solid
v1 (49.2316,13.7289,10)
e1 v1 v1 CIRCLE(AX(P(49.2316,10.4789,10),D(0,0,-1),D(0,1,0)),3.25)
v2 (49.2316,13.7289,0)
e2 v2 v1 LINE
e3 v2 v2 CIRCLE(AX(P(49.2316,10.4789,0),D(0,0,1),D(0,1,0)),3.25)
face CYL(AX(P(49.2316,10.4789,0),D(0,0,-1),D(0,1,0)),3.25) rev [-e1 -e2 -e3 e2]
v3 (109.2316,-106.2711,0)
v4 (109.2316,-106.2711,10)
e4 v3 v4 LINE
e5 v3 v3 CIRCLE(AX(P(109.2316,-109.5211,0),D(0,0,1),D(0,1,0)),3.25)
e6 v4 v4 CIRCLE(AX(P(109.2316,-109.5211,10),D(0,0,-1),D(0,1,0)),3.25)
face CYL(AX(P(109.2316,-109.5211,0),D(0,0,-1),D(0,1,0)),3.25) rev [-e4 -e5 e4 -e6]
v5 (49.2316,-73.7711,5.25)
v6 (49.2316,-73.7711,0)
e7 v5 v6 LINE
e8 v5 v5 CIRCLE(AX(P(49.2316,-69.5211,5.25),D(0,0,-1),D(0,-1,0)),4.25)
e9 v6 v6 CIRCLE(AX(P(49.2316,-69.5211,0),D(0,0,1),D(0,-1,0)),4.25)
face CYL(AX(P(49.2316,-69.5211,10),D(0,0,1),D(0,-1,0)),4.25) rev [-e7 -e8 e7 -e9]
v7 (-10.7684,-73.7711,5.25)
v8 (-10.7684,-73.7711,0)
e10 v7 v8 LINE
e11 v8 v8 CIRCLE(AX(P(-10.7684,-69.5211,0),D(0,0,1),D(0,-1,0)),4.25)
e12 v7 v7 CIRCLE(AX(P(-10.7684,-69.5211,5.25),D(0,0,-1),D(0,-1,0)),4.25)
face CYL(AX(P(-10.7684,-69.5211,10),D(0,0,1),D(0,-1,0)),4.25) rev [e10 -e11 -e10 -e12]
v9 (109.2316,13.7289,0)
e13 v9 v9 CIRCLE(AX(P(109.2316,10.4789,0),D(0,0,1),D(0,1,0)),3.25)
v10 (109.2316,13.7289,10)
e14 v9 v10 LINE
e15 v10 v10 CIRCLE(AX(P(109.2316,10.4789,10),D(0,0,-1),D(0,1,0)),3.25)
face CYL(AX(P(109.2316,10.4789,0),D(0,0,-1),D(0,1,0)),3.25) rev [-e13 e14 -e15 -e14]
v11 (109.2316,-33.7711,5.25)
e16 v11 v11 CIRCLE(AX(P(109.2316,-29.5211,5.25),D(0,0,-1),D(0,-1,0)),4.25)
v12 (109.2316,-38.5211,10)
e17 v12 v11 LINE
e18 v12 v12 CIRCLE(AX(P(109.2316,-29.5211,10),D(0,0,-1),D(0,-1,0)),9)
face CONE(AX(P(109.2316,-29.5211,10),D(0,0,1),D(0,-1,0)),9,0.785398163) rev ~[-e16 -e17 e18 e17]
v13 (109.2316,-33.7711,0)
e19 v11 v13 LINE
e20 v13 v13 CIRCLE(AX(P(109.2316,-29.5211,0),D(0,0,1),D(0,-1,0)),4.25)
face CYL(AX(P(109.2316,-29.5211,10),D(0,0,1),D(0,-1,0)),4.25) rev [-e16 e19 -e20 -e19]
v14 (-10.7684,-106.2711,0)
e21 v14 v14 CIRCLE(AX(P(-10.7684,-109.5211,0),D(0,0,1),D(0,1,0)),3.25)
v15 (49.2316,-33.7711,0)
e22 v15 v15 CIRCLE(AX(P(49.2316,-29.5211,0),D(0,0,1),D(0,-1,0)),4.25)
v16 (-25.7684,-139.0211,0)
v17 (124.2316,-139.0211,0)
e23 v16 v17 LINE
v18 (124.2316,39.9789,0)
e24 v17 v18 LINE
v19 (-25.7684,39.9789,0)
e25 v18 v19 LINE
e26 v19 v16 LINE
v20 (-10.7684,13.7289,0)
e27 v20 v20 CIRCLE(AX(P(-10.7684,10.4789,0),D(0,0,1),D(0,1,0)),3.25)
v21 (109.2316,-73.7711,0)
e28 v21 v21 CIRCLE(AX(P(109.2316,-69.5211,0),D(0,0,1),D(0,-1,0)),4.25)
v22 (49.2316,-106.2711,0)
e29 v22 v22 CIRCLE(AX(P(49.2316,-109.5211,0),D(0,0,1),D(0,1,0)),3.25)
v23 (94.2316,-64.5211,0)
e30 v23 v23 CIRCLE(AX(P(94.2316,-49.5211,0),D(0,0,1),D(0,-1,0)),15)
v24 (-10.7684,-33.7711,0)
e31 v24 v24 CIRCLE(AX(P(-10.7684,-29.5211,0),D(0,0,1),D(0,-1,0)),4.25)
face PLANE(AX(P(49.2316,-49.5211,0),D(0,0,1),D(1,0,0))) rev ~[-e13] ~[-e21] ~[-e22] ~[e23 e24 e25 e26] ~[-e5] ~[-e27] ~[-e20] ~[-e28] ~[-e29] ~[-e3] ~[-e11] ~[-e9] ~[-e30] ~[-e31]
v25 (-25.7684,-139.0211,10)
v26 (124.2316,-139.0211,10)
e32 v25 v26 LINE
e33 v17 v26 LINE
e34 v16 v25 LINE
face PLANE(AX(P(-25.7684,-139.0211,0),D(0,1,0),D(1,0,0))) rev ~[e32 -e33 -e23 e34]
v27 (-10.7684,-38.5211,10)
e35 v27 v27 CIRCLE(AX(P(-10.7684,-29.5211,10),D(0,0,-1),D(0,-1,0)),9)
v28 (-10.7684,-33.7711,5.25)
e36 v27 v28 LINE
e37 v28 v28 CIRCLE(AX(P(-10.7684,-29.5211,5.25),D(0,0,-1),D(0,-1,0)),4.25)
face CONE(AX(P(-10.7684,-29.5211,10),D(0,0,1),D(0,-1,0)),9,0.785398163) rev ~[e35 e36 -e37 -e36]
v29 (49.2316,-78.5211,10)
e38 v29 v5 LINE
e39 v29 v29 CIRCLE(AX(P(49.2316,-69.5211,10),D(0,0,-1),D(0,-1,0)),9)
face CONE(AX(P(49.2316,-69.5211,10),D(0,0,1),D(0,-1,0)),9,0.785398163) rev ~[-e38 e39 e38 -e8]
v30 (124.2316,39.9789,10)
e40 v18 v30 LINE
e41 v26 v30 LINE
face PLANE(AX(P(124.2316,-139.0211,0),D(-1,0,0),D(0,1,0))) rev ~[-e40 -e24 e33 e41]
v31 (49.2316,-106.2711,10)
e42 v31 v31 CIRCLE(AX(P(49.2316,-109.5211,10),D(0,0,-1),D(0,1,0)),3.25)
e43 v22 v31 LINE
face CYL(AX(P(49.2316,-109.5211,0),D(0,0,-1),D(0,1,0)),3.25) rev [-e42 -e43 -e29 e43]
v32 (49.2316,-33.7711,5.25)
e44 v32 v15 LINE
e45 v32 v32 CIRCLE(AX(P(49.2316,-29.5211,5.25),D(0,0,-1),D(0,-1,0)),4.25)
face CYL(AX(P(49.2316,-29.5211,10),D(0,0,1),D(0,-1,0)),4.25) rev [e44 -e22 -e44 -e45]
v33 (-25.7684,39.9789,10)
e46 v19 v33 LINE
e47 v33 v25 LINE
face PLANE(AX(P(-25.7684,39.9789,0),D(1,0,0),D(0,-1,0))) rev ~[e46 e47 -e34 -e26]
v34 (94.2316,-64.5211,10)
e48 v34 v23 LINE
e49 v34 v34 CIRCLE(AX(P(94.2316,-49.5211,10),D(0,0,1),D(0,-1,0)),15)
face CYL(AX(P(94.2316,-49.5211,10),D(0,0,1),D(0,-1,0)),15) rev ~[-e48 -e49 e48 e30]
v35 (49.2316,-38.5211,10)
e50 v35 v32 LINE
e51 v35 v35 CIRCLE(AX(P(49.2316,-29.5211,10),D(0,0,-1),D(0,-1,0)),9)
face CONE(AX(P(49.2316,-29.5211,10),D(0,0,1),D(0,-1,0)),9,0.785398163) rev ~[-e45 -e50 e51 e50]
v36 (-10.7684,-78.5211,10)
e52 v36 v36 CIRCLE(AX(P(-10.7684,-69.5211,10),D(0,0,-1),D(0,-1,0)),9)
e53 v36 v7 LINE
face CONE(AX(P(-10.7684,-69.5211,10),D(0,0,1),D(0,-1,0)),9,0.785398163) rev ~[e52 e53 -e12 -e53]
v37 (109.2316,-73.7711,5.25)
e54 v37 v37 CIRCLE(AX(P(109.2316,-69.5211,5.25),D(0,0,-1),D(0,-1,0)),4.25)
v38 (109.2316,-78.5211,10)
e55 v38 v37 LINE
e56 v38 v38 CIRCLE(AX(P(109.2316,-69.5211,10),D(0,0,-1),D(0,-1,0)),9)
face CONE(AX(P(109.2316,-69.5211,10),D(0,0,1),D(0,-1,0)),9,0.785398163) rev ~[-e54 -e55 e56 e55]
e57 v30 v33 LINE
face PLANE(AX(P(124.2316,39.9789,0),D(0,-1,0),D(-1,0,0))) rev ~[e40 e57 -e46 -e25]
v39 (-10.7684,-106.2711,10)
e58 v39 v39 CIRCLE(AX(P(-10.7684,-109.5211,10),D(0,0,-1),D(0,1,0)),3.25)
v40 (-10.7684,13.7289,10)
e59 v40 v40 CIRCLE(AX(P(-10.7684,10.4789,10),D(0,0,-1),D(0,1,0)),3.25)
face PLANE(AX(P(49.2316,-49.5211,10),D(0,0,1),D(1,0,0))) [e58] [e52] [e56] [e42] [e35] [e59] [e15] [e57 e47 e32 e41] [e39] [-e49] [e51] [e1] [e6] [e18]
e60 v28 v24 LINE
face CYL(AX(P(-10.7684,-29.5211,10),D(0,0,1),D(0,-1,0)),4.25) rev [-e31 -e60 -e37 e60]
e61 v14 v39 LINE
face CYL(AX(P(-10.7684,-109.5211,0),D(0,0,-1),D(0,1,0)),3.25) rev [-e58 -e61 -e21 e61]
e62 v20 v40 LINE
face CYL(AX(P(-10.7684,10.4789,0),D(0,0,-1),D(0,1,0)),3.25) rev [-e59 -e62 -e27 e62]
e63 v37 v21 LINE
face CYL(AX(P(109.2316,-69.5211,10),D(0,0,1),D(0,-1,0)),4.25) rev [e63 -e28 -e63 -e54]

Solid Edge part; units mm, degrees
sketch "Sketch1" plane through (0, 0, 0) normal (0, 0, 1) x (1, 0, 0)
  line L0 (-25.7684, -139.0211) -> (124.2316, -139.0211)
  line L1 (124.2316, -139.0211) -> (124.2316, 39.9789)
  line L2 (124.2316, 39.9789) -> (-25.7684, 39.9789)
  line L3 (-25.7684, 39.9789) -> (-25.7684, -139.0211)
  dimension "D1" = 150
  dimension "D2" = 179
extrude "Protrusion1" add sketch "Sketch1" along normal blind 10
sketch "Sketch2" plane through (49.2316, -49.5211, 10) normal (0, 0, 1) x (0, -1, 0)
  circle A0 centre (0, 45) radius 15
  dimension "D1" = 30
  dimension "D2" = 45
extrude "Cutout1" cut sketch "Sketch2" against normal through all
hole "Hole_1" at (49.2316, -29.5211, 10) direction (0, 0, -1) diameter 8.5 end up to next countersink diameter 18 countersink angle 90
hole "Hole1" at (109.2316, -29.5211, 10) direction (0, 0, -1) diameter 8.5 end up to next countersink diameter 18 countersink angle 90
hole "Hole2" at (109.2316, -69.5211, 10) direction (0, 0, -1) diameter 8.5 end up to next countersink diameter 18 countersink angle 90
hole "Hole3" at (49.2316, -69.5211, 10) direction (0, 0, -1) diameter 8.5 end up to next countersink diameter 18 countersink angle 90
hole "Hole4" at (-10.7684, -69.5211, 10) direction (0, 0, -1) diameter 8.5 end up to next countersink diameter 18 countersink angle 90
hole "Hole5" at (-10.7684, -29.5211, 10) direction (0, 0, -1) diameter 8.5 end up to next countersink diameter 18 countersink angle 90
hole "Hole_7" at (49.2316, -109.5211, 0) direction (0, 0, 1) diameter 6.5 end up to next
hole "Hole6" at (-10.7684, -109.5211, 0) direction (0, 0, 1) diameter 6.5 end up to next
hole "Hole7" at (-10.7684, 10.4789, 0) direction (0, 0, 1) diameter 6.5 end up to next
hole "Hole8" at (49.2316, 10.4789, 0) direction (0, 0, 1) diameter 6.5 end up to next
hole "Hole9" at (109.2316, 10.4789, 0) direction (0, 0, 1) diameter 6.5 end up to next
hole "Hole10" at (109.2316, -109.5211, 0) direction (0, 0, 1) diameter 6.5 end up to next
properties material "Aluminum, 6061-T6"
